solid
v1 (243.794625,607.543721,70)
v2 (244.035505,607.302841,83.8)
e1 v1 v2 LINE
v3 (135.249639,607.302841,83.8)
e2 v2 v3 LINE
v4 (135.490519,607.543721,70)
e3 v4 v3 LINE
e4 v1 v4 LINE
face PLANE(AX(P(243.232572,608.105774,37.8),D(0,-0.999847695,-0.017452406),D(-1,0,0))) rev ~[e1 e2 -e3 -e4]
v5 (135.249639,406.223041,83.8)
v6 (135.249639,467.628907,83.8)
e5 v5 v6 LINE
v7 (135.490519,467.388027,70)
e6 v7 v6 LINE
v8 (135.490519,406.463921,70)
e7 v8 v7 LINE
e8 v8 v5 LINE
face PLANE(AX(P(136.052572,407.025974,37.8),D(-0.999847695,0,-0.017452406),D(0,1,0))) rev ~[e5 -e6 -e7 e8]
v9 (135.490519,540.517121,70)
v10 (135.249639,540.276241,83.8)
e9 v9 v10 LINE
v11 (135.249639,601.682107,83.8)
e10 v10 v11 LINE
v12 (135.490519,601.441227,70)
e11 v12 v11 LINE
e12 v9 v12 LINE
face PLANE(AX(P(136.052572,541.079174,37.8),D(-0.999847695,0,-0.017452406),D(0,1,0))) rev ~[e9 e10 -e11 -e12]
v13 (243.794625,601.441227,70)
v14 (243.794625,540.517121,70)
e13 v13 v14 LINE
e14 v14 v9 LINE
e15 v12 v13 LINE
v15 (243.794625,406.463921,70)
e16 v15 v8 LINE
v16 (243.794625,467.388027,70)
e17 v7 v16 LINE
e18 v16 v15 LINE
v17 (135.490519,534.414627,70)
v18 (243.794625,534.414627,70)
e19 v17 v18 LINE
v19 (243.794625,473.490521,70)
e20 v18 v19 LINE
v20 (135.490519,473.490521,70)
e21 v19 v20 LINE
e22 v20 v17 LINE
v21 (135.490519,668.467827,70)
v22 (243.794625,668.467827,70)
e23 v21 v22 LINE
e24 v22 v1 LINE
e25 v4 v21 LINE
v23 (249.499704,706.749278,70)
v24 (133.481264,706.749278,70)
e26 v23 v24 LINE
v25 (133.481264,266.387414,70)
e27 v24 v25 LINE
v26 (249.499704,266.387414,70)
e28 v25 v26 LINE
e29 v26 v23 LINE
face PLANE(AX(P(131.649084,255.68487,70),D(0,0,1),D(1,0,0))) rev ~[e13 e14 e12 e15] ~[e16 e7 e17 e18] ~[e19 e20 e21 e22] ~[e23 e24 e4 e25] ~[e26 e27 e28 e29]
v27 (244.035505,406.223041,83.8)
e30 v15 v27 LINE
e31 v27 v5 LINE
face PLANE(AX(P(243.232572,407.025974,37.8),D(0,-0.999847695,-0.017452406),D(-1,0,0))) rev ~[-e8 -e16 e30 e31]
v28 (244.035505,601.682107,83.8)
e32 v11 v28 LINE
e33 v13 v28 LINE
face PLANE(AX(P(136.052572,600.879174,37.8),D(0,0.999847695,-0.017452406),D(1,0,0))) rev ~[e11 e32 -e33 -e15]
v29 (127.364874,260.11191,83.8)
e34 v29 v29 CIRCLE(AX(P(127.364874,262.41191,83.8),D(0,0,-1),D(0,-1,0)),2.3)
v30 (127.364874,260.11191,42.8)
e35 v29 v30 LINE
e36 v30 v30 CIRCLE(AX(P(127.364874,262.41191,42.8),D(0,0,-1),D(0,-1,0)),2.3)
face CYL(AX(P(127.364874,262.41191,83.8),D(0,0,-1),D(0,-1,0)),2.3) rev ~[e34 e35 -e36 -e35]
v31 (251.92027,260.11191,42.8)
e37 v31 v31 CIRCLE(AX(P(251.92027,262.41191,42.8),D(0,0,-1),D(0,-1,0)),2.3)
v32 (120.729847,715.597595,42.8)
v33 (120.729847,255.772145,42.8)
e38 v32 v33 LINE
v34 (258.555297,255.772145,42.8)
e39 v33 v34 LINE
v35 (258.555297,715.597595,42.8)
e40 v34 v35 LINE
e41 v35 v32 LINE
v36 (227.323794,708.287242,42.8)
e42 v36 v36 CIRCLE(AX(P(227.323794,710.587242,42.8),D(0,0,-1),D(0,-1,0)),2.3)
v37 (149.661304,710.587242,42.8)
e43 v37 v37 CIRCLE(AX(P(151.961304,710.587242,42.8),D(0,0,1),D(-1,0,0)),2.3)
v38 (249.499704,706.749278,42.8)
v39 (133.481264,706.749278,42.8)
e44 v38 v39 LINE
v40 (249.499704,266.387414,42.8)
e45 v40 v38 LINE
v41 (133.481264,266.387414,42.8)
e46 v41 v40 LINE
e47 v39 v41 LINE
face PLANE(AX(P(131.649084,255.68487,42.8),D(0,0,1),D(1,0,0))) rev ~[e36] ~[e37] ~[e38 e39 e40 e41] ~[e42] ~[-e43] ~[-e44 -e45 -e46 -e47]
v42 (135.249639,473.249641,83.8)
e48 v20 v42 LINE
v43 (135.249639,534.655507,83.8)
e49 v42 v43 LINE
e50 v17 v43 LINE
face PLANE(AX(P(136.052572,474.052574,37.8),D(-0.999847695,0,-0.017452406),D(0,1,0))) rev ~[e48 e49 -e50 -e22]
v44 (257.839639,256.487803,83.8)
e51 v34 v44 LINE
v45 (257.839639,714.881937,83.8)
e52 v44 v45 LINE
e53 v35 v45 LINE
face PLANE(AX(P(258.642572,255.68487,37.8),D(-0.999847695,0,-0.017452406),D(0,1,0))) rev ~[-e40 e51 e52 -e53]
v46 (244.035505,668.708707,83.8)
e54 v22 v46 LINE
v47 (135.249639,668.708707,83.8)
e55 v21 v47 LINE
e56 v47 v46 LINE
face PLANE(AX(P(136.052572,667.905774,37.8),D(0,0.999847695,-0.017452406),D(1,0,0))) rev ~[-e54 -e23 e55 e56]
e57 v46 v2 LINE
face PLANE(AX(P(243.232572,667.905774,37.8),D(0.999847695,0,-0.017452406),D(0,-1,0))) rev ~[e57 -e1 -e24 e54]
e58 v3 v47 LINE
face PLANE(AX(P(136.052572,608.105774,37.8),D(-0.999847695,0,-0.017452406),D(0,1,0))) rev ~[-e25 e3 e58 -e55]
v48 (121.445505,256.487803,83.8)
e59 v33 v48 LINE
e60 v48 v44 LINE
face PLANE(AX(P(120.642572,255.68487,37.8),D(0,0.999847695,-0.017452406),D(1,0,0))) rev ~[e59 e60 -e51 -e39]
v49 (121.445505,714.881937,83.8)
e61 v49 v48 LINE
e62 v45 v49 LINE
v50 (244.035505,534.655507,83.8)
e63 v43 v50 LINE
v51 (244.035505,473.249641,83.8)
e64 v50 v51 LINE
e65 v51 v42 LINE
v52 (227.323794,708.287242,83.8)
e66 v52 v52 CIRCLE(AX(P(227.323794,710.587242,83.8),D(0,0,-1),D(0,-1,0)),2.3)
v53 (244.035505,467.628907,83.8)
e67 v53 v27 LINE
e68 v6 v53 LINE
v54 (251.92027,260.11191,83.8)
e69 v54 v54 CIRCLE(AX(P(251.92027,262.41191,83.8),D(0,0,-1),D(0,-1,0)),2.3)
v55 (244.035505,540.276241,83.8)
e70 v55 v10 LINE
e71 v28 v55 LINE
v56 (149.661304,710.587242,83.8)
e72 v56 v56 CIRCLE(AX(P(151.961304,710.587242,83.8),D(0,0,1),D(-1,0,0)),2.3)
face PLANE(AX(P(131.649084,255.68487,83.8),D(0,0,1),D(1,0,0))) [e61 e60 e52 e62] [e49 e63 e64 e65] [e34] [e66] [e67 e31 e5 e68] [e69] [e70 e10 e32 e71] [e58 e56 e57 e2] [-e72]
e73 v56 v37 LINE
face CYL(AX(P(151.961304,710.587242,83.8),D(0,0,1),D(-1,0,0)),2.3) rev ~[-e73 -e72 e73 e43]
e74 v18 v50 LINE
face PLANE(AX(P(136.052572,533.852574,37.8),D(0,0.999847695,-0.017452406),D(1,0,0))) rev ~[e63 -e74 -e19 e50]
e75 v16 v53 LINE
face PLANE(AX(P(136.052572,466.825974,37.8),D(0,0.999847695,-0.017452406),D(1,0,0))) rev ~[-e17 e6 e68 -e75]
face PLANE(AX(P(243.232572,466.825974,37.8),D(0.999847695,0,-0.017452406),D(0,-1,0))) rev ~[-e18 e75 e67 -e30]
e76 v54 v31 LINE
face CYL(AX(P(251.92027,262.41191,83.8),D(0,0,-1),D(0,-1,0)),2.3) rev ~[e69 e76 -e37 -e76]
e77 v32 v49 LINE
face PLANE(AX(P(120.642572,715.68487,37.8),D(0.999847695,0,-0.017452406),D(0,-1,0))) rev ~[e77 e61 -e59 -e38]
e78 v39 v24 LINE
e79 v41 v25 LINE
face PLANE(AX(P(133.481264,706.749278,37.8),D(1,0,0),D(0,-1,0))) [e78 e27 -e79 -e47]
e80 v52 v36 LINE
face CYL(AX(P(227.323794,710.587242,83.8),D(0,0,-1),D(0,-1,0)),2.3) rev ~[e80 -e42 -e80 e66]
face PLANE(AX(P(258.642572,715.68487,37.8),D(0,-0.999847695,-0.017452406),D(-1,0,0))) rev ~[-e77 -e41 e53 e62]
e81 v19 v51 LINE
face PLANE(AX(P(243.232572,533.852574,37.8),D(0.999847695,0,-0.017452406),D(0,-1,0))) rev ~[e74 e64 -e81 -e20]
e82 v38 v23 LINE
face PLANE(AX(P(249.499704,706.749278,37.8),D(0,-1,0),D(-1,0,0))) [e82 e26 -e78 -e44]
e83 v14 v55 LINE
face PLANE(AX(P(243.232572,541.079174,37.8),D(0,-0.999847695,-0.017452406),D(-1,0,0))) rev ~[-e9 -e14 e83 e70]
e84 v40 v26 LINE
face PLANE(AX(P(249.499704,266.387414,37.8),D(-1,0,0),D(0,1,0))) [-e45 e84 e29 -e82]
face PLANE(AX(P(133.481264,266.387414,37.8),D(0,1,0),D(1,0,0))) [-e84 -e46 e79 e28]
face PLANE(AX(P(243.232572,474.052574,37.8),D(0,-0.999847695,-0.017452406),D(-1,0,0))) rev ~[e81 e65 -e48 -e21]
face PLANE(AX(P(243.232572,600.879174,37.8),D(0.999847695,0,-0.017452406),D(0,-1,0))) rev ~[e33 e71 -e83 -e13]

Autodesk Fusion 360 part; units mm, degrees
sketch "Sketch1" plane through (0, 0, 0) normal (0, 0, 1) x (1, 0, 0)
  line L0 (-23.9272, 0) -> (276.0728, 0)
  line L1 (276.0728, 0) -> (276.0728, 1000)
  line L2 (276.0728, 1000) -> (-23.9272, 1000)
  line L3 (-23.9272, 1000) -> (-23.9272, 0)
  line L4 (9.5728, 896.1324) -> (242.5728, 896.1324)
  line L5 (242.5728, 896.1324) -> (242.5728, 766.1324)
  line L6 (242.5728, 766.1324) -> (9.5728, 766.1324)
  line L7 (9.5728, 766.1324) -> (9.5728, 896.1324)
  line L8 (9.5728, 750.4224) -> (242.5728, 750.4224)
  line L9 (242.5728, 750.4224) -> (242.5728, 620.4224)
  line L10 (242.5728, 620.4224) -> (9.5728, 620.4224)
  line L11 (9.5728, 620.4224) -> (9.5728, 750.4224)
  line L12 (9.5728, 604.7124) -> (242.5728, 604.7124)
  line L13 (242.5728, 604.7124) -> (242.5728, 474.7124)
  line L14 (242.5728, 474.7124) -> (9.5728, 474.7124)
  line L15 (9.5728, 474.7124) -> (9.5728, 604.7124)
  line L16 (9.5728, 459.0024) -> (242.5728, 459.0024)
  line L17 (242.5728, 459.0024) -> (242.5728, 329.0024)
  line L18 (242.5728, 329.0024) -> (9.5728, 329.0024)
  line L19 (9.5728, 329.0024) -> (9.5728, 459.0024)
  dimension "d1" = 300
  dimension "d2" = 1000
  dimension "d3" = 130
  dimension "d4" = 130
  dimension "d5" = 233
  dimension "d6" = 233
  dimension "d7" = 33.5
  dimension "d8" = 33.5
  dimension "d9" = 15.71
  dimension "d10" = 15.71
  dimension "d11" = 15.71
  dimension "d12" = 15.71
  dimension "d13" = 15.71
  dimension "d14" = 15.71
extrude "Extrude1" add sketch "Sketch1" along normal blind 100 draft -1
sketch "Sketch2" plane through (0, 0, 0) normal (0, 0, 1) x (1, 0, 0)
  line L0 (256.197, 980.5748) -> (3.983, 980.5748)
  line L1 (3.983, 980.5748) -> (3.983, 23.2664)
  line L2 (3.983, 23.2664) -> (256.197, 23.2664)
  line L3 (256.197, 23.2664) -> (256.197, 980.5748)
extrude "Extrude2" cut sketch "Sketch2" along normal blind 70
hole "Hole1" at (-9.3135, 14.624, 100) direction (0, 0, -1) diameter 10 depth 100 tip angle 118
sketch "Sketch3" plane through (0, 0, 100) normal (0, 0, 1) x (-1, 0, 0)
  circle A0 centre (9.3135, -14.624) radius 5
  line L0 (-7.8273, -764.3868) -> (-7.8273, -897.8779)
  line L1 (-7.8273, -897.8779) -> (-244.3183, -897.8779)
  line L2 (-244.3183, -897.8779) -> (-244.3183, -764.3868)
  line L3 (-244.3183, -764.3868) -> (-7.8273, -764.3868)
  line L4 (-7.8273, -618.6768) -> (-7.8273, -752.1679)
  line L5 (-7.8273, -752.1679) -> (-244.3183, -752.1679)
  line L6 (-244.3183, -752.1679) -> (-244.3183, -618.6768)
  line L7 (-244.3183, -618.6768) -> (-7.8273, -618.6768)
  line L8 (-7.8273, -472.9668) -> (-7.8273, -606.4579)
  line L9 (-7.8273, -606.4579) -> (-244.3183, -606.4579)
  line L10 (-244.3183, -606.4579) -> (-244.3183, -472.9668)
  line L11 (-244.3183, -472.9668) -> (-7.8273, -472.9668)
  line L12 (-7.8273, -327.2568) -> (-7.8273, -460.7479)
  line L13 (-7.8273, -460.7479) -> (-244.3183, -460.7479)
  line L14 (-244.3183, -460.7479) -> (-244.3183, -327.2568)
  line L15 (-244.3183, -327.2568) -> (-7.8273, -327.2568)
  line L16 (-274.3273, -998.2545) -> (22.1817, -998.2545)
  line L17 (22.1817, -998.2545) -> (22.1817, -1.7455)
  line L18 (22.1817, -1.7455) -> (-274.3273, -1.7455)
  line L19 (-274.3273, -1.7455) -> (-274.3273, -998.2545)
  circle A1 centre (-261.4591, -14.624) radius 5
  point P0 (-126.0728, -1.7455)
  dimension "d22" = 12.8682
  dimension "d23" = 12.8785
hole "Hole2" at (261.4591, 14.624, 100) direction (0, 0, -1) diameter 10 depth 119 tip angle 118
hole "Hole3" at (207.9885, 988.9182, 100) direction (0, 0, -1) diameter 10 depth 120 tip angle 118
sketch "Sketch4" plane through (0, 0, 100) normal (0, 0, 1) x (-1, 0, 0)
  circle A0 centre (-207.9885, -988.9182) radius 5
  circle A1 centre (-261.4591, -14.624) radius 5
  circle A2 centre (9.3135, -14.624) radius 5
  line L0 (-7.8273, -764.3868) -> (-7.8273, -897.8779)
  line L1 (-7.8273, -897.8779) -> (-244.3183, -897.8779)
  line L2 (-244.3183, -897.8779) -> (-244.3183, -764.3868)
  line L3 (-244.3183, -764.3868) -> (-7.8273, -764.3868)
  line L4 (-7.8273, -618.6768) -> (-7.8273, -752.1679)
  line L5 (-7.8273, -752.1679) -> (-244.3183, -752.1679)
  line L6 (-244.3183, -752.1679) -> (-244.3183, -618.6768)
  line L7 (-244.3183, -618.6768) -> (-7.8273, -618.6768)
  line L8 (-7.8273, -472.9668) -> (-7.8273, -606.4579)
  line L9 (-7.8273, -606.4579) -> (-244.3183, -606.4579)
  line L10 (-244.3183, -606.4579) -> (-244.3183, -472.9668)
  line L11 (-244.3183, -472.9668) -> (-7.8273, -472.9668)
  line L12 (-7.8273, -327.2568) -> (-7.8273, -460.7479)
  line L13 (-7.8273, -460.7479) -> (-244.3183, -460.7479)
  line L14 (-244.3183, -460.7479) -> (-244.3183, -327.2568)
  line L15 (-244.3183, -327.2568) -> (-7.8273, -327.2568)
  line L16 (-274.3273, -998.2545) -> (22.1817, -998.2545)
  line L17 (22.1817, -998.2545) -> (22.1817, -1.7455)
  line L18 (22.1817, -1.7455) -> (-274.3273, -1.7455)
  line L19 (-274.3273, -1.7455) -> (-274.3273, -998.2545)
  circle A3 centre (-44.157, -988.9182) radius 5
  point P0 (-126.0728, -998.2545)
  dimension "d39" = 163.8315
extrude "Extrude3" cut sketch "Sketch4" against normal blind 300 contours A3
sketch "Sketch5" plane through (0, 765.899, 13.3688) normal (0, 0.9998, 0.0175) x (-1, 0, 0)
  line L0 (-243.7946, 56.6398) -> (-8.3509, 56.6398)
  line L1 (-8.3509, 56.6398) -> (-7.8273, 86.6444)
  line L2 (-7.8273, 86.6444) -> (-244.3183, 86.6444)
  line L3 (-244.3183, 86.6444) -> (-243.7946, 56.6398)
  dimension "d32" = 30.0046
sketch "Sketch6" plane through (-23.9199, 0, 0.4175) normal (-0.9998, 0, 0.0175) x (0, -1, 0)
  line L0 (-1.7455, 99.5976) -> (-998.2545, 99.5976)
  line L1 (-998.2545, 99.5976) -> (-1000, -0.4176)
  line L2 (-1000, -0.4176) -> (0, -0.4176)
  line L3 (0, -0.4176) -> (-1.7455, 99.5976)
  dimension "d33" = 100.0152
scale "Scale1" factor 0.46 about (243.7946, 473.4905, 70) bodies 1
sketch "Sketch7" plane through (0, 0, 83.8) normal (0, 0, 1) x (-1, 0, 0)
  line L0 (-257.8396, -714.8819) -> (-121.4455, -714.8819)
  line L1 (-121.4455, -714.8819) -> (-121.4455, -256.4878)
  line L2 (-121.4455, -256.4878) -> (-257.8396, -256.4878)
  line L3 (-257.8396, -256.4878) -> (-257.8396, -714.8819)
  line L4 (-135.2496, -406.223) -> (-135.2496, -467.6289)
  line L5 (-135.2496, -467.6289) -> (-244.0355, -467.6289)
  line L6 (-244.0355, -467.6289) -> (-244.0355, -406.223)
  line L7 (-244.0355, -406.223) -> (-135.2496, -406.223)
  line L8 (-135.2496, -473.2496) -> (-135.2496, -534.6555)
  line L9 (-135.2496, -534.6555) -> (-244.0355, -534.6555)
  line L10 (-244.0355, -534.6555) -> (-244.0355, -473.2496)
  line L11 (-244.0355, -473.2496) -> (-135.2496, -473.2496)
  line L12 (-135.2496, -540.2762) -> (-135.2496, -601.6821)
  line L13 (-135.2496, -601.6821) -> (-244.0355, -601.6821)
  line L14 (-244.0355, -601.6821) -> (-244.0355, -540.2762)
  line L15 (-244.0355, -540.2762) -> (-135.2496, -540.2762)
  line L16 (-135.2496, -607.3028) -> (-135.2496, -668.7087)
  line L17 (-135.2496, -668.7087) -> (-244.0355, -668.7087)
  line L18 (-244.0355, -668.7087) -> (-244.0355, -607.3028)
  line L19 (-244.0355, -607.3028) -> (-135.2496, -607.3028)
  circle A0 centre (-127.3649, -262.4119) radius 2.3
  circle A1 centre (-251.9203, -262.4119) radius 2.3
  circle A2 centre (-227.3238, -710.5872) radius 2.3
  circle A3 centre (-151.9613, -710.5872) radius 2.3
  dimension "d35" = 61.4059
  dimension "d36" = 108.7859
sketch "Sketch8" plane through (0, 716.1265, 12.5) normal (0, 0.9998, 0.0175) x (-1, 0, 0)
  line L0 (-121.4455, 71.3108) -> (-257.8396, 71.3108)
  line L1 (-257.8396, 71.3108) -> (-258.6426, 25.3038)
  line L2 (-258.6426, 25.3038) -> (-120.6426, 25.3038)
  line L3 (-120.6426, 25.3038) -> (-121.4455, 71.3108)
  line L4 (-257.8396, 71.3108) -> (-121.4455, 71.3108)
  dimension "d37" = 46.007
sketch "Sketch9" plane through (0, 0, 83.8) normal (0, 0, 1) x (-1, 0, 0)
  circle A0 centre (-151.9613, -710.5872) radius 2.3
  point P0 (-185, -715)
  point P1 (-187.4151, -715)
  point P2 (-227.3238, -710.5872)
  point P3 (-151.9613, -710.5872)
  dimension "d38" = 4.6
  dimension "d40" = 75.3625
sketch "Sketch10" plane through (0, 0, 83.8) normal (0, 0, 1) x (-1, 0, 0)
  line L0 (-257.8396, -256.4878) -> (-257.8396, -714.8819)
  line L1 (-121.4455, -714.8819) -> (-121.4455, -256.4878)
  line L2 (-121.4455, -256.4878) -> (-257.8396, -256.4878)
  circle A0 centre (-151.9613, -710.5872) radius 2.3
  line L3 (-257.8396, -714.8819) -> (-121.4455, -714.8819)
  point P0 (-127.3649, -262.4119)
  point P1 (-151.9613, -710.5872)
  dimension "d41" = 136.3941
  dimension "d42" = 458.3941
  dimension "d43" = 5.9194
  dimension "d44" = 5.9241
  dimension "d45" = 4.6
  dimension "d46" = 4.2947
  dimension "d47" = 30.5158
extrude "Extrude4" cut 1 faces at (126.6208, 562.1575, 37.8) along direction (0, 0, 1) blind 5
